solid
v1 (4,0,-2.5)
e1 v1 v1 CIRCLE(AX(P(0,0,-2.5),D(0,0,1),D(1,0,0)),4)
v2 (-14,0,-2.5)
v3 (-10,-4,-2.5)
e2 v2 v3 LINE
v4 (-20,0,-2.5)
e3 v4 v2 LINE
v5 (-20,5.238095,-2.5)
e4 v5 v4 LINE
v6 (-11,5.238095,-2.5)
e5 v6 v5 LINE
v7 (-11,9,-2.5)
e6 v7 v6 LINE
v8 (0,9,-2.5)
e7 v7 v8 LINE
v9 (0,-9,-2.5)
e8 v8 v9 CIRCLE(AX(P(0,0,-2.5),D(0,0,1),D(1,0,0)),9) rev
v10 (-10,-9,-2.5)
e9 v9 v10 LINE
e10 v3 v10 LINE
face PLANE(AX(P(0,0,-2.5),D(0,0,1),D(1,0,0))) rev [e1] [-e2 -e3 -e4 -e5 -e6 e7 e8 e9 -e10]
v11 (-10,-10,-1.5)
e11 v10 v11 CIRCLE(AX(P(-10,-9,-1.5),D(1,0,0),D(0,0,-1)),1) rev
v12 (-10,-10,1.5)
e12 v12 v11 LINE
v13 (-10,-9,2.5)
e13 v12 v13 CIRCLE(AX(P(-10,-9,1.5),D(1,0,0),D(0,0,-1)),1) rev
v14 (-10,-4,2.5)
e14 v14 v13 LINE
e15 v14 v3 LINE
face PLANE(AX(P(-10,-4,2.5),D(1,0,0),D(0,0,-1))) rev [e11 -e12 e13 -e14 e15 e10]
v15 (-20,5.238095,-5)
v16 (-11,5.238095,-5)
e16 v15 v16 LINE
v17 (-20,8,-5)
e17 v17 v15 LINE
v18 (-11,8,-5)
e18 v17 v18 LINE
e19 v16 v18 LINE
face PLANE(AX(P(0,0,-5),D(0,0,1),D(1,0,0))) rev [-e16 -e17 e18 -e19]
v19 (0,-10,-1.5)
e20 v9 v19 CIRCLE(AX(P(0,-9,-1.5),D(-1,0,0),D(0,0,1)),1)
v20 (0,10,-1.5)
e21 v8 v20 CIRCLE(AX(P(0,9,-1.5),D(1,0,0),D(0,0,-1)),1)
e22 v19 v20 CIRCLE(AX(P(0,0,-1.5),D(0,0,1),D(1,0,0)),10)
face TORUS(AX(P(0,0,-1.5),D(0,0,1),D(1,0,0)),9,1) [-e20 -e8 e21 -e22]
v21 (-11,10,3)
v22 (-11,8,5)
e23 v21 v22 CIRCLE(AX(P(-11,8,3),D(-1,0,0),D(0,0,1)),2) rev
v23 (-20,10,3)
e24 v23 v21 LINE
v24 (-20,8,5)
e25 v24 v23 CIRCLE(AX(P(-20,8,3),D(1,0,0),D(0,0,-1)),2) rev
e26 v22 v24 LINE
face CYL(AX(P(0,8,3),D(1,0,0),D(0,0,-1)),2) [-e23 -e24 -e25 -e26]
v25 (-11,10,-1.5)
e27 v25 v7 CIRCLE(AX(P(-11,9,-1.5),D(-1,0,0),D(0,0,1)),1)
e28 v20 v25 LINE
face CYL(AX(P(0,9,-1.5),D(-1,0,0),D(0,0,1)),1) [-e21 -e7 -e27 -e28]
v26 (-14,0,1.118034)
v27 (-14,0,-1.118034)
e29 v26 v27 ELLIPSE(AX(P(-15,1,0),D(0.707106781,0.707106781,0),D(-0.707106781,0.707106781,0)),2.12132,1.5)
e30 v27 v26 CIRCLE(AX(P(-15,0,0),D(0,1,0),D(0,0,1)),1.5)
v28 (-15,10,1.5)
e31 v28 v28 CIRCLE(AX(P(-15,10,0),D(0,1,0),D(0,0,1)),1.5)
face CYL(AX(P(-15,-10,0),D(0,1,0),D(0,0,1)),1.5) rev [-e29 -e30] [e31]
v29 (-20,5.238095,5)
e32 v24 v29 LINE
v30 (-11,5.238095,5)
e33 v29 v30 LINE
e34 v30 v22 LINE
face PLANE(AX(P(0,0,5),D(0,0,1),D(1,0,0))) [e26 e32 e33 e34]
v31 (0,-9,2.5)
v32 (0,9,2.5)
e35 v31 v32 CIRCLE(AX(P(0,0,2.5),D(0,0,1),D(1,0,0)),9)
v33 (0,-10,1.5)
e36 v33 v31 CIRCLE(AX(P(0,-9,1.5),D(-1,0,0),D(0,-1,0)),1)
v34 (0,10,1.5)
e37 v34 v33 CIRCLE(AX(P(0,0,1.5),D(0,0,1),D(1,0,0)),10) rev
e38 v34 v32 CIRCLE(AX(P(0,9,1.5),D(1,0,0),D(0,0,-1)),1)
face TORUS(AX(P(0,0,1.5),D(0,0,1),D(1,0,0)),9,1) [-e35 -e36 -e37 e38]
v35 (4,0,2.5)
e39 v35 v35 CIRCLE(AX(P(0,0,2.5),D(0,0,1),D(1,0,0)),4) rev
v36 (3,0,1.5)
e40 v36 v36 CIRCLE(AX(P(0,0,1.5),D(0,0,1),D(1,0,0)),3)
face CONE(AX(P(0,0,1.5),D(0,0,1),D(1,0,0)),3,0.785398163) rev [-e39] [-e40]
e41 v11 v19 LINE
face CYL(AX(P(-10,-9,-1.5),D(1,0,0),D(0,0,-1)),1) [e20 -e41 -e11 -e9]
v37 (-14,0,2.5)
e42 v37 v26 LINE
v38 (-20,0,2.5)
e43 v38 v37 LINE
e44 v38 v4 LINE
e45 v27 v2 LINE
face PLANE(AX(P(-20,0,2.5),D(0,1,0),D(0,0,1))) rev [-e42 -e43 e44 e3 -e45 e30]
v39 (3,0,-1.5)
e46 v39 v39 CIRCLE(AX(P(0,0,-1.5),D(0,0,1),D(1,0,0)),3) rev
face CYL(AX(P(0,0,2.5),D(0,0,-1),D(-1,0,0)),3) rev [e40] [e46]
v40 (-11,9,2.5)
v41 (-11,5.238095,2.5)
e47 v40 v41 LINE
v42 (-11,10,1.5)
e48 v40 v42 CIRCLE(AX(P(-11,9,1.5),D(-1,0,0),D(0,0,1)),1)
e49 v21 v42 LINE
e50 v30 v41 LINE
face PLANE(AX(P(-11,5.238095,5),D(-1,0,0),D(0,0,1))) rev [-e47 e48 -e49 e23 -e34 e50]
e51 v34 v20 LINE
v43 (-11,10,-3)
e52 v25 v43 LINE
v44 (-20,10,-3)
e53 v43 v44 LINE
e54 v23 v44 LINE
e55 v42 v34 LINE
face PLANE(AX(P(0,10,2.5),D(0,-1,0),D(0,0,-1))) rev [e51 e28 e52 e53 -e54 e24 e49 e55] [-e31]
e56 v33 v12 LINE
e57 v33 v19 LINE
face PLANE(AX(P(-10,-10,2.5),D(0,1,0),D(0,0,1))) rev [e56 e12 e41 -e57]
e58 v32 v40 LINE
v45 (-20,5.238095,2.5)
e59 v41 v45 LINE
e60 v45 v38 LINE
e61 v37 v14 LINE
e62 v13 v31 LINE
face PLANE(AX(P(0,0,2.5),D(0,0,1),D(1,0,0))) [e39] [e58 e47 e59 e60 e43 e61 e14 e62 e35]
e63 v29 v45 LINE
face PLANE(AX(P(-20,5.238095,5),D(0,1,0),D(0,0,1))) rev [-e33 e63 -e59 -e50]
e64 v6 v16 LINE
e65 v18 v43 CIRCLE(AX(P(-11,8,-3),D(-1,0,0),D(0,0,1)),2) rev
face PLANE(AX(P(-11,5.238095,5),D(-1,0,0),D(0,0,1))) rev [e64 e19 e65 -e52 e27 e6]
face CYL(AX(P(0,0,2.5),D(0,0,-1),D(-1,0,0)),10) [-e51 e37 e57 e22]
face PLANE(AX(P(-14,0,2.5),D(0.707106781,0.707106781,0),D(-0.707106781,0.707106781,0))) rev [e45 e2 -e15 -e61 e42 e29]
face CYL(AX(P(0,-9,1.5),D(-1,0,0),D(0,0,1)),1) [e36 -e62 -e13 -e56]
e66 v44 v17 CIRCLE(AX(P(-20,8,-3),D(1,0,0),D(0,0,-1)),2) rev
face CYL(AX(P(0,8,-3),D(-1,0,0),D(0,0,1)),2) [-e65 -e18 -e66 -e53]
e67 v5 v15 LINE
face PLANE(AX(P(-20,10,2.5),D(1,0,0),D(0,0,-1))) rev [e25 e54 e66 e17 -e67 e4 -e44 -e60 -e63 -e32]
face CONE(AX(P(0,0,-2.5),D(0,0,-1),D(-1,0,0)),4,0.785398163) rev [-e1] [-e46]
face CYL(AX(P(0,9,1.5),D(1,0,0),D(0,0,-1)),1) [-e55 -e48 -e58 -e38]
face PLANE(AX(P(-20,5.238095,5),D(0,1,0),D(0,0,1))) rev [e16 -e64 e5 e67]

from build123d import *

# Parameters (mm, degrees)
SKETCH1_R           = 3
BOSS_EXTRUDE1_DEPTH = 2.5
SKETCH2_W           = 9
SKETCH2_H           = 4.761904762
BOSS_EXTRUDE2_DEPTH = 5
FILLET1_R           = 2
CHAMFER1_SIZE       = 1
FILLET2_R           = 1
SKETCH3_R           = 1.5
CUT_EXTRUDE1_DEPTH  = 20


with BuildPart() as part:
    # Sketch1 → Boss-Extrude1 (new body, symmetric)
    with BuildSketch(Plane.XY):
        with BuildLine():
            Line((0, 10), (-20, 10))
            Line((-20, 10), (-20, 0))
            Line((-20, 0), (-14, 0))
            Line((-14, 0), (-10, -4))
            Line((-10, -4), (-10, -10))
            Line((-10, -10), (0, -10))
            ThreePointArc((0, -10), (10, 0), (0, 10))
        make_face()
        Circle(SKETCH1_R, mode=Mode.SUBTRACT)
    extrude(amount=BOSS_EXTRUDE1_DEPTH, both=True)

    # Sketch2 → Boss-Extrude2 (add, symmetric)
    with BuildSketch(Plane.XY):
        with Locations((-15.5, 7.619047619)):
            Rectangle(SKETCH2_W, SKETCH2_H)
    extrude(amount=BOSS_EXTRUDE2_DEPTH, both=True)

    # Fillet1
    fillet1_edges = [part.edges().sort_by_distance(p)[0] for p in [
        (-15.5, 10, -5),
        (-15.5, 10, 5),
    ]]
    fillet(fillet1_edges, radius=FILLET1_R)

    # Chamfer1
    chamfer1_edges = [part.edges().sort_by_distance(p)[0] for p in [
        (-3, 0, -2.5),
        (-3, 0, 2.5),
    ]]
    chamfer(chamfer1_edges, length=CHAMFER1_SIZE)

    # Fillet2
    fillet2_edges = [part.edges().sort_by_distance(p)[0] for p in [
        (-5, -10, 2.5),
        (10, 0, 2.5),
        (-5.5, 10, 2.5),
        (-5.5, 10, -2.5),
        (10, 0, -2.5),
        (-5, -10, -2.5),
    ]]
    fillet(fillet2_edges, radius=FILLET2_R)

    # Sketch3 → Cut-Extrude1 (cut)
    with BuildSketch(Plane(origin=(0, 10, 0), x_dir=(1, 0, 0), z_dir=(0, 1, 0))):
        with Locations((-15, 0)):
            Circle(SKETCH3_R)
    extrude(amount=-CUT_EXTRUDE1_DEPTH, mode=Mode.SUBTRACT)


solid = part.part
